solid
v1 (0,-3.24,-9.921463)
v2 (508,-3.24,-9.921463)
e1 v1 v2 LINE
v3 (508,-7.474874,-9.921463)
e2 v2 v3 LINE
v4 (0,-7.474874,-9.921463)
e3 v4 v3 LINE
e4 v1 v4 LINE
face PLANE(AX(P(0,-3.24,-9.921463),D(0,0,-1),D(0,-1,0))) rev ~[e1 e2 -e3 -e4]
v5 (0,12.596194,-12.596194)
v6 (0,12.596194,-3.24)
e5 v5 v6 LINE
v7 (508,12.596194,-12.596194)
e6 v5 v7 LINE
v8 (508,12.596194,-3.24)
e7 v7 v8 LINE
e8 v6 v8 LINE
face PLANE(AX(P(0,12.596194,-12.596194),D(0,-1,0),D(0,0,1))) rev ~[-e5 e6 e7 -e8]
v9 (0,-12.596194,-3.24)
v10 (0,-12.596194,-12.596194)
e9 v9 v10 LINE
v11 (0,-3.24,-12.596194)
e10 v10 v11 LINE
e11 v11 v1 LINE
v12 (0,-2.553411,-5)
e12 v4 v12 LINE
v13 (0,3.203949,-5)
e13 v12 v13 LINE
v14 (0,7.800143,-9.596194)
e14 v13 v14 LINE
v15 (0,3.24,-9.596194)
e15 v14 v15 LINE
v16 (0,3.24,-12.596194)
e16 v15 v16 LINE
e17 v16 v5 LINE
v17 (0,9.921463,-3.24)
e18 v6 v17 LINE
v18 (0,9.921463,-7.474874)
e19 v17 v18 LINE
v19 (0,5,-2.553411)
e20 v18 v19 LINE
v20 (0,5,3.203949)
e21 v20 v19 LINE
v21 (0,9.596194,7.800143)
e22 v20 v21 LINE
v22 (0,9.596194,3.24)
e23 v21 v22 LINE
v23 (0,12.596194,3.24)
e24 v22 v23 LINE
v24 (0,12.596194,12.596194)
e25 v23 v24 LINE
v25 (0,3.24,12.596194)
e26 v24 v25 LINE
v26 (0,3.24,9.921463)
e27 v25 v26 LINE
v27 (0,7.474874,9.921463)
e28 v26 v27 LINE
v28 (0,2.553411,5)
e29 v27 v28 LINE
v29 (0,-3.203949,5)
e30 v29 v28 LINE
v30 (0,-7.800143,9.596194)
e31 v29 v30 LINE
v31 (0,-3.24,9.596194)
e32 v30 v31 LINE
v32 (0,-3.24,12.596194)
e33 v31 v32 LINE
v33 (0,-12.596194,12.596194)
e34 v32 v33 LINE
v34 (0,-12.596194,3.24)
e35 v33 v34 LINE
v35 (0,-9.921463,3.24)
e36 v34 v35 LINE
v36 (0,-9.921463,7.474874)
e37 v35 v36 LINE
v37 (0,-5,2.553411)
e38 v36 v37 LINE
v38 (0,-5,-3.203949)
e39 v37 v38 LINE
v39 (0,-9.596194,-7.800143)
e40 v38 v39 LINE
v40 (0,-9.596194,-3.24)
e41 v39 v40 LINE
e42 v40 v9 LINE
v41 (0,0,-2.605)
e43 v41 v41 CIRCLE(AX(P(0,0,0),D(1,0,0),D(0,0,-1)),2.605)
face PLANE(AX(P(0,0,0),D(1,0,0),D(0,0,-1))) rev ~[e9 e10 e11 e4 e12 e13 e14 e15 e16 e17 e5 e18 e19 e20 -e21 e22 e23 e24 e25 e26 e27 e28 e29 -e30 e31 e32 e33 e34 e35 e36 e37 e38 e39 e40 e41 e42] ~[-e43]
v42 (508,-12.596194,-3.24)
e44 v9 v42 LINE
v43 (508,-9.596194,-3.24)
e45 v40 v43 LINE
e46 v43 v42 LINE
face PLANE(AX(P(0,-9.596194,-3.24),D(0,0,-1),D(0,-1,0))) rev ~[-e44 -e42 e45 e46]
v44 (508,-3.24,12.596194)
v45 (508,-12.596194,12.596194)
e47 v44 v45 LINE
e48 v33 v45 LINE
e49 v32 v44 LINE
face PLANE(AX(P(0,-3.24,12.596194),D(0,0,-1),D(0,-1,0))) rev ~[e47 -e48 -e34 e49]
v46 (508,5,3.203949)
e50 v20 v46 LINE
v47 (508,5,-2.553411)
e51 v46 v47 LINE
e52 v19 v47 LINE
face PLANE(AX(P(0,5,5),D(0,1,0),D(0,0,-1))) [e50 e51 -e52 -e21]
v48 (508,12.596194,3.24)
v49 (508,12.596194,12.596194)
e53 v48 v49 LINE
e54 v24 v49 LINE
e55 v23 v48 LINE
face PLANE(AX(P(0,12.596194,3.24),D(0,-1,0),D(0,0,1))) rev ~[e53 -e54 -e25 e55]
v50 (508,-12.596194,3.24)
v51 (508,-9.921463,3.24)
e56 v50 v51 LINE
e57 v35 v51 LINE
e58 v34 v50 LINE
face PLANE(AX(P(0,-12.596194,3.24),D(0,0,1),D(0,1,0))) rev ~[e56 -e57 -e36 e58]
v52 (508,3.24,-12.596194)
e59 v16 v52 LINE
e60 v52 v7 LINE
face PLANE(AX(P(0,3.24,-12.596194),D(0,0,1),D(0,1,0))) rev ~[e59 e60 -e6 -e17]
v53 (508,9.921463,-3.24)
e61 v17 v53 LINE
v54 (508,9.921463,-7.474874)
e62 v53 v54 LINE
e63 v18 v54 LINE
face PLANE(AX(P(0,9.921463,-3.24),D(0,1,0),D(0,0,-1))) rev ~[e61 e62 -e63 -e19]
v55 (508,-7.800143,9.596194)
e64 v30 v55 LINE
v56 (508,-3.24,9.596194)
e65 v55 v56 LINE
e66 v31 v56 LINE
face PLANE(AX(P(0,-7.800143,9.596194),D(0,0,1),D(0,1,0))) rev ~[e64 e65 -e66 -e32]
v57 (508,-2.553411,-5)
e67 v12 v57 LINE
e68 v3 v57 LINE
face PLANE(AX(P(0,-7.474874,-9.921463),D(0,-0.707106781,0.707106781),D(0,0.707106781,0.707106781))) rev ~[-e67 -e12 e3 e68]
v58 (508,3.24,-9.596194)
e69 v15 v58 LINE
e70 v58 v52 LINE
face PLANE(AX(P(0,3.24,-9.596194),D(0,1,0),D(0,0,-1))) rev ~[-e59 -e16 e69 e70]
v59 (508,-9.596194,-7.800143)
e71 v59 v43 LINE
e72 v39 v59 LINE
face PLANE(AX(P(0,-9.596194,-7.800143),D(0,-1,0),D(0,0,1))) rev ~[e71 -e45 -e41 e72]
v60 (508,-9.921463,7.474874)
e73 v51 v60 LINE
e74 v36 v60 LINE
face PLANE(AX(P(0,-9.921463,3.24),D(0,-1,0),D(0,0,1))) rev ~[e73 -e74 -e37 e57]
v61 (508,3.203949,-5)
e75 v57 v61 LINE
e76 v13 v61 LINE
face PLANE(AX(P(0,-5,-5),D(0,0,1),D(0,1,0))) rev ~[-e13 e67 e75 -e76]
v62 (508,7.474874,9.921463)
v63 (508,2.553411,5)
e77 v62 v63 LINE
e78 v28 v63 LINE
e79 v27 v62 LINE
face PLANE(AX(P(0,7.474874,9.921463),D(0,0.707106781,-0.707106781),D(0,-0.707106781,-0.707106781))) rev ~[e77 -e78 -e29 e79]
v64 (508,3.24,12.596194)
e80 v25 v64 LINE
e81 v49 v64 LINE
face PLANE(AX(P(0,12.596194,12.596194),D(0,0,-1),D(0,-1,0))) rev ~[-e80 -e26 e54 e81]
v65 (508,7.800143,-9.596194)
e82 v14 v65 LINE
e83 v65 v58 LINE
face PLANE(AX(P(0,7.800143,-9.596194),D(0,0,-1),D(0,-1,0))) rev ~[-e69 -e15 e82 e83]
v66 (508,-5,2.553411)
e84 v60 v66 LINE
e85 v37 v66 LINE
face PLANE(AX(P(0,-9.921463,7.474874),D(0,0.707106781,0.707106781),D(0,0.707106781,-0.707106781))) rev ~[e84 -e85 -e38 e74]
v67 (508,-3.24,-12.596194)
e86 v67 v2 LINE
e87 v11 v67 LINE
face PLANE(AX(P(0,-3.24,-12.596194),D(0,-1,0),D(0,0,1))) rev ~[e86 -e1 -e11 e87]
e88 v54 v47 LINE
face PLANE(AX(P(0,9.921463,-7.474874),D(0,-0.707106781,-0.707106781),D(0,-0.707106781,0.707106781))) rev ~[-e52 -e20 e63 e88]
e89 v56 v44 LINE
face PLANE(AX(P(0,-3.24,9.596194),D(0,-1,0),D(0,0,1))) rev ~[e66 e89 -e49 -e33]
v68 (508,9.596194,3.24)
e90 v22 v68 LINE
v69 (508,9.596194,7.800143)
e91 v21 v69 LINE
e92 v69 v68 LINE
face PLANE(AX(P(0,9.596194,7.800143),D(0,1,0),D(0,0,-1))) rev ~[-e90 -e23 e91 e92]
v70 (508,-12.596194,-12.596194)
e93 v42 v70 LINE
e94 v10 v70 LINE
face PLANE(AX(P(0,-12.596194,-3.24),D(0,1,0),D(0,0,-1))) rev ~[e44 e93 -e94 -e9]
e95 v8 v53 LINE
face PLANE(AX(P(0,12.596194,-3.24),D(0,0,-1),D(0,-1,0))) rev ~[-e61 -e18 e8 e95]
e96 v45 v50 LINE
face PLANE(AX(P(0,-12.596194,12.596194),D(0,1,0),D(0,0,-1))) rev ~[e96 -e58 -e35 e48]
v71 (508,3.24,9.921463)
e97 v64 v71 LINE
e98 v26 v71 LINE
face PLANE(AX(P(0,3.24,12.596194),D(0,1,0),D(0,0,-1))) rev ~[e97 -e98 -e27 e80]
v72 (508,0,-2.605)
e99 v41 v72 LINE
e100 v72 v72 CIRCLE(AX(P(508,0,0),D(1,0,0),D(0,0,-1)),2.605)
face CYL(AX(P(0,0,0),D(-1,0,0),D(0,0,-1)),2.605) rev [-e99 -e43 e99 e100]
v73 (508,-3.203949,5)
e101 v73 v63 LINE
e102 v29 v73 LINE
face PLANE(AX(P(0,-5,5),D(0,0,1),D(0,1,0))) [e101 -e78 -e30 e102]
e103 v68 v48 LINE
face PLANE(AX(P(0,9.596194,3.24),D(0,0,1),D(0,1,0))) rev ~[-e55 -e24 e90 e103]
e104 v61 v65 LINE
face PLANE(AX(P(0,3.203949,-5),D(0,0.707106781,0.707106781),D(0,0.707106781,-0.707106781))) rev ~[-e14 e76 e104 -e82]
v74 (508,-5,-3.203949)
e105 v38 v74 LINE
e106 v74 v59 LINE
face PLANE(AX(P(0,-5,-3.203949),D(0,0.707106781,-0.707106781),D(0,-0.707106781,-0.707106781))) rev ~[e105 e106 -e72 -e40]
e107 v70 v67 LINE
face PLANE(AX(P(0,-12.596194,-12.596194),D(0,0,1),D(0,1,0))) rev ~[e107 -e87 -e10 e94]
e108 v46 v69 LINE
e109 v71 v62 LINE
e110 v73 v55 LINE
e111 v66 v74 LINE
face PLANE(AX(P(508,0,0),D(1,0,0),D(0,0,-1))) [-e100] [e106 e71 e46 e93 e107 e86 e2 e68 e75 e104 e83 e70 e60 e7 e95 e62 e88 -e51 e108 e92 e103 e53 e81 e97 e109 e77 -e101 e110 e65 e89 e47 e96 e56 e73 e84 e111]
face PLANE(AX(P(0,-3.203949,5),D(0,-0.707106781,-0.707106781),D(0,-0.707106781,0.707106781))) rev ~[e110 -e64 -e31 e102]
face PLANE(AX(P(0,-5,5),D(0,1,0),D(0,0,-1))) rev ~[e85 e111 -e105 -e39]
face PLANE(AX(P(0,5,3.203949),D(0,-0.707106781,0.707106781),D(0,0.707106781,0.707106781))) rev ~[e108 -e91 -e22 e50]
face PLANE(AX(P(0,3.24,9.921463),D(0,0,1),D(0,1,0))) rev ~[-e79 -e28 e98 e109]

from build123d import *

# Parameters (mm, degrees)
SKETCH1_R           = 2.605
BOSS_EXTRUDE1_DEPTH = 508
CIRPATTERN1_COUNT   = 4


with BuildPart() as part:
    # Sketch1 → Boss-Extrude1 (new body)
    with BuildSketch(Plane(origin=(0, 0, 0), x_dir=(0, 0, -1), z_dir=(1, 0, 0))):
        Polygon((5, -5), (5, 3.203948776), (9.596194078, 7.800142853), (9.596194078, 3.24), (12.596194078, 3.24), (12.596194078, 12.596194078), (3.24, 12.596194078), (3.24, 9.921463197), (7.474873734, 9.921463197), (2.553410537, 5), (-5, 5), (-5, -5), align=None)
        Circle(SKETCH1_R, mode=Mode.SUBTRACT)
    boss_extrude1 = extrude(amount=BOSS_EXTRUDE1_DEPTH)

    # CirPattern1: Boss-Extrude1 ×4 about axis
    cirpattern1_axis = Axis((0, 0, 0), (1, 0, 0))
    for i in range(1, CIRPATTERN1_COUNT):
        add(boss_extrude1.rotate(cirpattern1_axis, i * 360 / CIRPATTERN1_COUNT))


solid = part.part
